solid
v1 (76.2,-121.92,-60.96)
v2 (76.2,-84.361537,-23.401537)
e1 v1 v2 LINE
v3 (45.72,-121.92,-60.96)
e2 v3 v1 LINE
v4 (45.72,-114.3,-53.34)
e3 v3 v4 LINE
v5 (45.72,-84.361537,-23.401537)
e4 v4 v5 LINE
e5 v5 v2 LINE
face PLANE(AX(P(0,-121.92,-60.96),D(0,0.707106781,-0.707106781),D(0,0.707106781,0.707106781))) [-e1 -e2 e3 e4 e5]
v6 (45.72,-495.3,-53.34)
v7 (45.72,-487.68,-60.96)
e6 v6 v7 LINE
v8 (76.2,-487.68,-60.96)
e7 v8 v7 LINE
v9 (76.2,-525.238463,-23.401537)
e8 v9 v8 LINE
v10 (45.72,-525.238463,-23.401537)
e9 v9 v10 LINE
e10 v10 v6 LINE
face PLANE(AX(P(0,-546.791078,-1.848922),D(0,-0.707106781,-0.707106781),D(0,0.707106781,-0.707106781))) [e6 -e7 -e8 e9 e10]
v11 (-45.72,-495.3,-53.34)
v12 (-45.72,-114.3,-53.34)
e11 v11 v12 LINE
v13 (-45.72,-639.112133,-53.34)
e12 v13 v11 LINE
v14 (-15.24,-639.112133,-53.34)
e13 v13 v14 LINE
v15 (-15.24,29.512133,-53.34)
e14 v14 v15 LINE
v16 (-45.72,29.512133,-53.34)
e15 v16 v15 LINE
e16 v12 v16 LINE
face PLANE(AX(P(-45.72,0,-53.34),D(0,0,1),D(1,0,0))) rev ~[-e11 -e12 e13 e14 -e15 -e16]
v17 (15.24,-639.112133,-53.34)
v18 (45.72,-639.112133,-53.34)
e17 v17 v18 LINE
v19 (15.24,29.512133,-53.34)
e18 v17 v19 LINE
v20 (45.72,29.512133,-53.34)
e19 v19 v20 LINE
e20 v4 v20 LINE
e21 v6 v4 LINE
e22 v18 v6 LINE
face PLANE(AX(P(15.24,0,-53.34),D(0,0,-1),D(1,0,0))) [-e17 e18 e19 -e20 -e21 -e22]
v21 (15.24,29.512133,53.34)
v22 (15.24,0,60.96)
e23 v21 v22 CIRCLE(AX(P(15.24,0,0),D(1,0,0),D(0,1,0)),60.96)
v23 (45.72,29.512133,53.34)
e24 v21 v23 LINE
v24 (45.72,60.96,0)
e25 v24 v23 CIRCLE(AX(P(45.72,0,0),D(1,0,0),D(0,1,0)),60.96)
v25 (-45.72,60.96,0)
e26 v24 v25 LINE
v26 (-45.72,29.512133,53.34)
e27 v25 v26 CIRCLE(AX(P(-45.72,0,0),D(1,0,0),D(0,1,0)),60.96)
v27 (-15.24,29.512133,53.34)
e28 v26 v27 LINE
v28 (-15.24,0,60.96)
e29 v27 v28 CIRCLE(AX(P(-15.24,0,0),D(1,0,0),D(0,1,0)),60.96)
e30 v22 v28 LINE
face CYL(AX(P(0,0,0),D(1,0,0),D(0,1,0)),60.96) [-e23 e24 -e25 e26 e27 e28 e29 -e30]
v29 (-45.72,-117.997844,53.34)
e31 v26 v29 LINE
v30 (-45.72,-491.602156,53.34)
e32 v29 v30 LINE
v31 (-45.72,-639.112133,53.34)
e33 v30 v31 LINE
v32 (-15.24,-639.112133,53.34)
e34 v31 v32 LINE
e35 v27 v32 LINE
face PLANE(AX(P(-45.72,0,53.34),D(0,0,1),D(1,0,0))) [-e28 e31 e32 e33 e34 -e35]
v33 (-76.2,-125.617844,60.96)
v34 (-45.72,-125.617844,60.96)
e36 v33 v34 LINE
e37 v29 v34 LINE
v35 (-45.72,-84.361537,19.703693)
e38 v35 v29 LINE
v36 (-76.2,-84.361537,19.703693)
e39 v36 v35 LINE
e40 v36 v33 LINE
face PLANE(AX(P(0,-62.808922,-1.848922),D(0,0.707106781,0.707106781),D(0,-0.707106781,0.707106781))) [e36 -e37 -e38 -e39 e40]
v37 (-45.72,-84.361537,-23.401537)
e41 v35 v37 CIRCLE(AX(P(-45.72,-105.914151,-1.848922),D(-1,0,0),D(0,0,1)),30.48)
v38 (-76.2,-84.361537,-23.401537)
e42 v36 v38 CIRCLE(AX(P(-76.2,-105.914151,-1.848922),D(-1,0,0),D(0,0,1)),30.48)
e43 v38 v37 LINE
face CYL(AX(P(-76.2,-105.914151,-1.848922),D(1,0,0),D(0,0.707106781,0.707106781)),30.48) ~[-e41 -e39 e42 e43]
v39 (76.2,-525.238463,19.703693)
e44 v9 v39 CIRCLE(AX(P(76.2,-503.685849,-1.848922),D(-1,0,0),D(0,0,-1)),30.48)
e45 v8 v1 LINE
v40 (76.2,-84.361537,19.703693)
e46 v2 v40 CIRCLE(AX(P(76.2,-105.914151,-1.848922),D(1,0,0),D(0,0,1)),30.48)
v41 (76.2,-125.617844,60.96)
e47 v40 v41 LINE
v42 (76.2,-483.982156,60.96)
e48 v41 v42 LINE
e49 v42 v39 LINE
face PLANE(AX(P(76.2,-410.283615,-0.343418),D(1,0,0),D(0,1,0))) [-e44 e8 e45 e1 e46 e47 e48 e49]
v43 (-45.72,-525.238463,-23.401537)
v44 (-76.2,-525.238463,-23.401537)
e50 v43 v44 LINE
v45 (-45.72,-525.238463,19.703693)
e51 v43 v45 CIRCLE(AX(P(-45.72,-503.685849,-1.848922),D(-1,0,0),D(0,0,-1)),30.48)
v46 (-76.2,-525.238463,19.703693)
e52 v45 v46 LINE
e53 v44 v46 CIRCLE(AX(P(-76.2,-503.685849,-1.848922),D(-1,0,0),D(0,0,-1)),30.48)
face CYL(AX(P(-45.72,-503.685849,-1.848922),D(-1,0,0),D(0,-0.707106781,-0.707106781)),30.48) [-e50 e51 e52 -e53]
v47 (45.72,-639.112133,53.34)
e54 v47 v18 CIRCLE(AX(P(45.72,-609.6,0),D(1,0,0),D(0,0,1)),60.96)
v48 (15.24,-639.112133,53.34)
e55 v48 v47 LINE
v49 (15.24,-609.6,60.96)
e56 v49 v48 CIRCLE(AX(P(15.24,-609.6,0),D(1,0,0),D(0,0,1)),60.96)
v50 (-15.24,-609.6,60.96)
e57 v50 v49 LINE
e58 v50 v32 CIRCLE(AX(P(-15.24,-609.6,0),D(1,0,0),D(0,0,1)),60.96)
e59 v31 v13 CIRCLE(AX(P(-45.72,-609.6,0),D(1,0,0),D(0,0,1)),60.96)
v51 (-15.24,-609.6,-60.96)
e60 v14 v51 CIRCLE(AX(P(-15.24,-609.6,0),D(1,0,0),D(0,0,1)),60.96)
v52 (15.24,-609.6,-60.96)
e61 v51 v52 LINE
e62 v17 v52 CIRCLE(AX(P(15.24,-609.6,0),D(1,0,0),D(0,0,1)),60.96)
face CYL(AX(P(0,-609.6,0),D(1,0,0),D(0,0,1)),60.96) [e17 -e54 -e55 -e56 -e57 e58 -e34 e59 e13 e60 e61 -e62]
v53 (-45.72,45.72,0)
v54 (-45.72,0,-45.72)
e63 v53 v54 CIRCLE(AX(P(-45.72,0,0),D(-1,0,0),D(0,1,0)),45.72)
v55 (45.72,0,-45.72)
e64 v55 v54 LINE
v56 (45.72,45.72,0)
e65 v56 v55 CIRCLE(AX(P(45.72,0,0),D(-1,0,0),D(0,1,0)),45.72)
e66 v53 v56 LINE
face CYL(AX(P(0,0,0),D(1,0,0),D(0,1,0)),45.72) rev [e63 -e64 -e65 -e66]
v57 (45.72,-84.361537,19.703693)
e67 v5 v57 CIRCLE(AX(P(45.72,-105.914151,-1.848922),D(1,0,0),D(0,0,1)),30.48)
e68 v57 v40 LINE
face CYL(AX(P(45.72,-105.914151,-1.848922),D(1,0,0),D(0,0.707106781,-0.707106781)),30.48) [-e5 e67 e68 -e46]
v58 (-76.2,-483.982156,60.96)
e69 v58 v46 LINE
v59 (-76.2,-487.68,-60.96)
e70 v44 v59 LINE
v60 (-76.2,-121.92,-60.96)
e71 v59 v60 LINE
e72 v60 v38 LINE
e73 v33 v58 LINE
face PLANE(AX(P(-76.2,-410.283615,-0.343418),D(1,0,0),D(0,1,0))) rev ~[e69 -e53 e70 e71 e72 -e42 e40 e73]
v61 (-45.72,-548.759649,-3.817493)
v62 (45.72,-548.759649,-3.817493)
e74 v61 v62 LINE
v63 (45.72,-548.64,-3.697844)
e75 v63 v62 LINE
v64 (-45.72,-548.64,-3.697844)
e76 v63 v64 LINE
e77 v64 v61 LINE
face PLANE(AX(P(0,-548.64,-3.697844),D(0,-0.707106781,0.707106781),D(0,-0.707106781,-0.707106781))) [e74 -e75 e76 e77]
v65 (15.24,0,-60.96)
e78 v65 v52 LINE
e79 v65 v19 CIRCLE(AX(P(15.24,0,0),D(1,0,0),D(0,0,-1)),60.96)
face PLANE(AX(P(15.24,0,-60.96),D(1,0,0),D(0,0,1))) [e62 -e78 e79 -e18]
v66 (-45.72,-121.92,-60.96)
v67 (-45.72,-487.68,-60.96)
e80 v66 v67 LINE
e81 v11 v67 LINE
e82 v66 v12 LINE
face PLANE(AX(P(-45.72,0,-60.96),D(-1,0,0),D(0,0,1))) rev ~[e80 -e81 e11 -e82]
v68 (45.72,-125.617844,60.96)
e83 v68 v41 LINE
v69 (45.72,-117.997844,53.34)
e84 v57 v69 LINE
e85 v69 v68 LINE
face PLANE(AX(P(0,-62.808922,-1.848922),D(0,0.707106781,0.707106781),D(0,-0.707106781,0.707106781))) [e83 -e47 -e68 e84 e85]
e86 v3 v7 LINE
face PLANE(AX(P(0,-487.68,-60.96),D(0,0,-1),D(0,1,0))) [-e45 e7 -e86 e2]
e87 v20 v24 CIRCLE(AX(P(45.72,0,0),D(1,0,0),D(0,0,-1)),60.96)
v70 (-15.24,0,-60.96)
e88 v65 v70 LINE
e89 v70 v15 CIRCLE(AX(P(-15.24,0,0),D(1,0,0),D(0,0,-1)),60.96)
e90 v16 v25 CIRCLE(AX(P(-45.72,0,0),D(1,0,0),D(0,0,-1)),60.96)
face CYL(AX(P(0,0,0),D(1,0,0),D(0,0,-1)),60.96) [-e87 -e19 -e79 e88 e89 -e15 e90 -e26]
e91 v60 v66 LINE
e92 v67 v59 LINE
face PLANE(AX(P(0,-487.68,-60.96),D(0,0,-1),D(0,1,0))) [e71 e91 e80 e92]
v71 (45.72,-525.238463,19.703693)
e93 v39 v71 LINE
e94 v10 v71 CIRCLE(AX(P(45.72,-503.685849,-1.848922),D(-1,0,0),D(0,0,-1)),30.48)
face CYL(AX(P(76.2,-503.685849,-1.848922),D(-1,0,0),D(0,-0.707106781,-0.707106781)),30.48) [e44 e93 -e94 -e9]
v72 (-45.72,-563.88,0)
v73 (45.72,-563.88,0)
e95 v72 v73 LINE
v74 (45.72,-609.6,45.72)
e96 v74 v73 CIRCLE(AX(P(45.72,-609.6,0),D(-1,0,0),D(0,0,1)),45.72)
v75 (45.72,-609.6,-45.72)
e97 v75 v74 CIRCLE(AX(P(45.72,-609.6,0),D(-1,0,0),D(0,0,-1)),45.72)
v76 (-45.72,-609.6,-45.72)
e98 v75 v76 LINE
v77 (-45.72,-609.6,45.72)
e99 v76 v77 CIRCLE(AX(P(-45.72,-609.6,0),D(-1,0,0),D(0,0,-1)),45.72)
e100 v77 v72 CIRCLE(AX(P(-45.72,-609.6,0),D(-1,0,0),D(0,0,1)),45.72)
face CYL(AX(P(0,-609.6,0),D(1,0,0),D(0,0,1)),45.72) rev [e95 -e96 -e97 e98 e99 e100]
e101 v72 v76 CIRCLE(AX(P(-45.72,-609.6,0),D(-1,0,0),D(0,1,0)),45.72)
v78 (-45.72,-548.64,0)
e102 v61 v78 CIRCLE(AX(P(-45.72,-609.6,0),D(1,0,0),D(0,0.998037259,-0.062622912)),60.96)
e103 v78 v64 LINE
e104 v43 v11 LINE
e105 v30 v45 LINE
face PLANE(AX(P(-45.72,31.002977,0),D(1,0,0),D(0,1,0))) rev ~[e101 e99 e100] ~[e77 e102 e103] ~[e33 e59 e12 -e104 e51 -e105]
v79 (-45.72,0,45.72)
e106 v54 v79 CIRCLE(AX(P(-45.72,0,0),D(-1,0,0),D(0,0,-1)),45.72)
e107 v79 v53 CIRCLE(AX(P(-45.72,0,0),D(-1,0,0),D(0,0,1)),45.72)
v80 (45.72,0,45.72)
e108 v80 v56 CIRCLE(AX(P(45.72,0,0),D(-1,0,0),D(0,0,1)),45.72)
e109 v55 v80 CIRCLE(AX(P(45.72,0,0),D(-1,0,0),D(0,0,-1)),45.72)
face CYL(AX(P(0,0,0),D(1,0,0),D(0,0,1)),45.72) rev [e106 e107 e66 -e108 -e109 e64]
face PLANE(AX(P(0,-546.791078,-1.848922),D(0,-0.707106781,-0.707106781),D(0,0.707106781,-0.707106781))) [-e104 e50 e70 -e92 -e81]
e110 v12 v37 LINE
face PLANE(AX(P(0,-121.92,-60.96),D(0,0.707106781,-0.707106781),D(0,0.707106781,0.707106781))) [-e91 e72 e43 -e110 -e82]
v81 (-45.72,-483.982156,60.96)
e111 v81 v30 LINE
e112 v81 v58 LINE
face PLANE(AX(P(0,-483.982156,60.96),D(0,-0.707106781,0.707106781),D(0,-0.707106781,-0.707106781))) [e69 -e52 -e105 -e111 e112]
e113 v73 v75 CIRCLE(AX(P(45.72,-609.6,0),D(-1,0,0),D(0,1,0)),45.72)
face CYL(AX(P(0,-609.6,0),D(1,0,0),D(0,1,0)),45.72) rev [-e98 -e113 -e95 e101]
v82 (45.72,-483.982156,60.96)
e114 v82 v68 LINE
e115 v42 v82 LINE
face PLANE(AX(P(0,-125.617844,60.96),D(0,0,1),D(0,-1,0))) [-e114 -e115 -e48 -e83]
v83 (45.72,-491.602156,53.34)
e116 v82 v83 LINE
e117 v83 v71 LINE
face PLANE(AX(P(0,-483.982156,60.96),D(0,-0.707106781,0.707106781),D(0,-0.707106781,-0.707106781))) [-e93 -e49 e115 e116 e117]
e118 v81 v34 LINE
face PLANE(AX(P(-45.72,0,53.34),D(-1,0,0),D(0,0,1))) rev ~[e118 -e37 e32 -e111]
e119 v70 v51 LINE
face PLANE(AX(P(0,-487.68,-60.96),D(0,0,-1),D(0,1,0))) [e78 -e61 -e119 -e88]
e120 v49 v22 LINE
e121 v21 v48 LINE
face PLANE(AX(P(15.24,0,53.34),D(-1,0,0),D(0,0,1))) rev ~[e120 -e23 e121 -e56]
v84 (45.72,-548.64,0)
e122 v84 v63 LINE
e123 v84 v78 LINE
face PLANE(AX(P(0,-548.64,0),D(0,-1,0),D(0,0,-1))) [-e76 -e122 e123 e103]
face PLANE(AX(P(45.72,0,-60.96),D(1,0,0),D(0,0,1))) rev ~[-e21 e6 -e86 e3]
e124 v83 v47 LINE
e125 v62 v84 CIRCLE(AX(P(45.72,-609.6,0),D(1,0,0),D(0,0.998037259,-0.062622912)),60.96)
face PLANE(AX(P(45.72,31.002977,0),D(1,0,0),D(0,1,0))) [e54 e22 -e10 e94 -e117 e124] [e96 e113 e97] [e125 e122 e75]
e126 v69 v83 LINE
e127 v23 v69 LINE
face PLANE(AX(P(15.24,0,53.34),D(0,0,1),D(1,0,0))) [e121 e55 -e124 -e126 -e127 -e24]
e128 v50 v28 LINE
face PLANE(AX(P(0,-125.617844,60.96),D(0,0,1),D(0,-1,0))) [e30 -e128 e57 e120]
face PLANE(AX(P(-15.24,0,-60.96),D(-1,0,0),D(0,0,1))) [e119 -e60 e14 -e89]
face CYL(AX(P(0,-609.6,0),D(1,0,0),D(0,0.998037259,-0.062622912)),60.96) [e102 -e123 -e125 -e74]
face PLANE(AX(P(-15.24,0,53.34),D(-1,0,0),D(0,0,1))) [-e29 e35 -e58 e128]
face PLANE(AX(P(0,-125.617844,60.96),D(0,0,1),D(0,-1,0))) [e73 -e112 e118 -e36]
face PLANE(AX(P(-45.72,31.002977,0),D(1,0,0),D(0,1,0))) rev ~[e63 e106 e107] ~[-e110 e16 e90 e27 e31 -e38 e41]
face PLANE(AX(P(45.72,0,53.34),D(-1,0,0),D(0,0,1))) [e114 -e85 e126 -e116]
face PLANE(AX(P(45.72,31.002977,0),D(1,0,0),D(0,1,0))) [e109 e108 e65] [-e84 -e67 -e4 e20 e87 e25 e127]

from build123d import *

# Parameters (mm, degrees)
F1_DEPTH = 45.72
F3_DEPTH = 76.2
F2_W     = 30.48
F2_H     = 7.62
F4_DEPTH = 762
F5_R     = 30.48


with BuildPart() as f1:
    # F0 (on Right) → F1 (new body, symmetric)
    with BuildSketch(Plane.YZ):
        with BuildLine():
            ThreePointArc((0, 45.72), (32.3289220358, 32.3289220358), (45.72, 0))
            ThreePointArc((45.72, 0), (32.3289220358, -32.3289220358), (0, -45.72))
            Line((0, -45.72), (0, -60.96))
            ThreePointArc((0, -60.96), (43.1052293811, -43.1052293811), (60.96, 0))
            ThreePointArc((60.96, 0), (43.1052293811, 43.1052293811), (0, 60.96))
            Line((0, 60.96), (0, 45.72))
        make_face()
        with BuildLine():
            ThreePointArc((0, -45.72), (-45.72, 0), (0, 45.72))
            Line((0, 45.72), (0, 60.96))
            ThreePointArc((0, 60.96), (-43.1052293811, 43.1052293811), (-60.96, 0))
            ThreePointArc((-60.96, 0), (-60.9300804884, -1.9096836578), (-60.8403513231, -3.8174927486))
            ThreePointArc((-60.8403513231, -3.8174927486), (-41.7337228272, -44.434423356), (0, -60.96))
            Line((0, -60.96), (0, -45.72))
        make_face()
        with BuildLine():
            ThreePointArc((-60.96, 0), (-43.1052293811, 43.1052293811), (0, 60.96))
            Line((0, 60.96), (-60.96, 60.96))
            Line((-60.96, 60.96), (-60.96, 0))
        make_face()
        with BuildLine():
            Line((-121.92, -60.96), (0, -60.96))
            ThreePointArc((0, -60.96), (-41.7337228272, -44.434423356), (-60.8403513231, -3.8174927486))
            Line((-60.8403513231, -3.8174927486), (-62.8089220358, -1.8489220358))
            Line((-62.8089220358, -1.8489220358), (-121.92, -60.96))
        make_face()
        Polygon((-62.8089220358, -1.8489220358), (-60.96, 0), (-60.96, 60.96), (-125.6178440717, 60.96), align=None)
        Polygon((-304.8, -60.96), (-121.92, -60.96), (-62.8089220358, -1.8489220358), (-125.6178440717, 60.96), (-304.8, 60.96), align=None)
        Polygon((-487.68, -60.96), (-304.8, -60.96), (-304.8, 60.96), (-483.9821559283, 60.96), (-546.7910779642, -1.8489220358), align=None)
        Polygon((-548.64, -60.96), (-487.68, -60.96), (-546.7910779642, -1.8489220358), (-548.64, -3.6978440717), align=None)
        with BuildLine():
            Line((-546.7910779642, -1.8489220358), (-483.9821559283, 60.96))
            Line((-483.9821559283, 60.96), (-609.6, 60.96))
            ThreePointArc((-609.6, 60.96), (-566.4947706189, 43.1052293811), (-548.64, 0))
            Line((-548.64, 0), (-546.7910779642, -1.8489220358))
        make_face()
        with BuildLine():
            Line((-609.6, -60.96), (-548.64, -60.96))
            Line((-548.64, -60.96), (-548.64, -3.6978440717))
            Line((-548.64, -3.6978440717), (-548.7596486769, -3.8174927486))
            ThreePointArc((-548.7596486769, -3.8174927486), (-567.8662771728, -44.434423356), (-609.6, -60.96))
        make_face()
        with BuildLine():
            ThreePointArc((-548.64, 0), (-566.4947706189, 43.1052293811), (-609.6, 60.96))
            Line((-609.6, 60.96), (-609.6, 45.72))
            ThreePointArc((-609.6, 45.72), (-577.2710779642, 32.3289220358), (-563.88, 0))
            ThreePointArc((-563.88, 0), (-577.2710779642, -32.3289220358), (-609.6, -45.72))
            Line((-609.6, -45.72), (-609.6, -60.96))
            ThreePointArc((-609.6, -60.96), (-567.8662771728, -44.434423356), (-548.7596486769, -3.8174927486))
            ThreePointArc((-548.7596486769, -3.8174927486), (-548.6699195116, -1.9096836578), (-548.64, 0))
        make_face()
        with BuildLine():
            Line((-609.6, 45.72), (-609.6, 60.96))
            ThreePointArc((-609.6, 60.96), (-670.56, 0), (-609.6, -60.96))
            Line((-609.6, -60.96), (-609.6, -45.72))
            ThreePointArc((-609.6, -45.72), (-655.32, 0), (-609.6, 45.72))
        make_face()
        Polygon((-548.64, -3.6978440717), (-546.7910779642, -1.8489220358), (-548.64, 0), align=None)
        with BuildLine():
            ThreePointArc((-60.8403513231, -3.8174927486), (-60.9300804884, -1.9096836578), (-60.96, 0))
            Line((-60.96, 0), (-62.8089220358, -1.8489220358))
            Line((-62.8089220358, -1.8489220358), (-60.8403513231, -3.8174927486))
        make_face()
    extrude(amount=F1_DEPTH, both=True)

    # F0 (on Right) → F3 (join, symmetric)
    with BuildSketch(Plane.YZ):
        Polygon((-487.68, -60.96), (-304.8, -60.96), (-304.8, 60.96), (-483.9821559283, 60.96), (-546.7910779642, -1.8489220358), align=None)
        Polygon((-304.8, -60.96), (-121.92, -60.96), (-62.8089220358, -1.8489220358), (-125.6178440717, 60.96), (-304.8, 60.96), align=None)
    extrude(amount=F3_DEPTH, both=True)

    # F2 (on Front) → F4 (cut, symmetric)
    with BuildSketch(Plane.XZ):
        with Locations((-30.48, 57.15)):
            Rectangle(F2_W, F2_H)
        with Locations((30.48, 57.15)):
            Rectangle(F2_W, F2_H)
        with Locations((-30.48, -57.15)):
            Rectangle(F2_W, F2_H)
        with Locations((30.48, -57.15)):
            Rectangle(F2_W, F2_H)
    extrude(amount=F4_DEPTH, both=True, mode=Mode.SUBTRACT)

    # F5
    f5_edges = [f1.edges().sort_by_distance(p)[0] for p in [
        (60.96, -546.791078, -1.848922),
        (-60.96, -546.791078, -1.848922),
        (-60.96, -62.808922, -1.848922),
        (60.96, -62.808922, -1.848922),
    ]]
    fillet(f5_edges, radius=F5_R)


solid = f1.part
